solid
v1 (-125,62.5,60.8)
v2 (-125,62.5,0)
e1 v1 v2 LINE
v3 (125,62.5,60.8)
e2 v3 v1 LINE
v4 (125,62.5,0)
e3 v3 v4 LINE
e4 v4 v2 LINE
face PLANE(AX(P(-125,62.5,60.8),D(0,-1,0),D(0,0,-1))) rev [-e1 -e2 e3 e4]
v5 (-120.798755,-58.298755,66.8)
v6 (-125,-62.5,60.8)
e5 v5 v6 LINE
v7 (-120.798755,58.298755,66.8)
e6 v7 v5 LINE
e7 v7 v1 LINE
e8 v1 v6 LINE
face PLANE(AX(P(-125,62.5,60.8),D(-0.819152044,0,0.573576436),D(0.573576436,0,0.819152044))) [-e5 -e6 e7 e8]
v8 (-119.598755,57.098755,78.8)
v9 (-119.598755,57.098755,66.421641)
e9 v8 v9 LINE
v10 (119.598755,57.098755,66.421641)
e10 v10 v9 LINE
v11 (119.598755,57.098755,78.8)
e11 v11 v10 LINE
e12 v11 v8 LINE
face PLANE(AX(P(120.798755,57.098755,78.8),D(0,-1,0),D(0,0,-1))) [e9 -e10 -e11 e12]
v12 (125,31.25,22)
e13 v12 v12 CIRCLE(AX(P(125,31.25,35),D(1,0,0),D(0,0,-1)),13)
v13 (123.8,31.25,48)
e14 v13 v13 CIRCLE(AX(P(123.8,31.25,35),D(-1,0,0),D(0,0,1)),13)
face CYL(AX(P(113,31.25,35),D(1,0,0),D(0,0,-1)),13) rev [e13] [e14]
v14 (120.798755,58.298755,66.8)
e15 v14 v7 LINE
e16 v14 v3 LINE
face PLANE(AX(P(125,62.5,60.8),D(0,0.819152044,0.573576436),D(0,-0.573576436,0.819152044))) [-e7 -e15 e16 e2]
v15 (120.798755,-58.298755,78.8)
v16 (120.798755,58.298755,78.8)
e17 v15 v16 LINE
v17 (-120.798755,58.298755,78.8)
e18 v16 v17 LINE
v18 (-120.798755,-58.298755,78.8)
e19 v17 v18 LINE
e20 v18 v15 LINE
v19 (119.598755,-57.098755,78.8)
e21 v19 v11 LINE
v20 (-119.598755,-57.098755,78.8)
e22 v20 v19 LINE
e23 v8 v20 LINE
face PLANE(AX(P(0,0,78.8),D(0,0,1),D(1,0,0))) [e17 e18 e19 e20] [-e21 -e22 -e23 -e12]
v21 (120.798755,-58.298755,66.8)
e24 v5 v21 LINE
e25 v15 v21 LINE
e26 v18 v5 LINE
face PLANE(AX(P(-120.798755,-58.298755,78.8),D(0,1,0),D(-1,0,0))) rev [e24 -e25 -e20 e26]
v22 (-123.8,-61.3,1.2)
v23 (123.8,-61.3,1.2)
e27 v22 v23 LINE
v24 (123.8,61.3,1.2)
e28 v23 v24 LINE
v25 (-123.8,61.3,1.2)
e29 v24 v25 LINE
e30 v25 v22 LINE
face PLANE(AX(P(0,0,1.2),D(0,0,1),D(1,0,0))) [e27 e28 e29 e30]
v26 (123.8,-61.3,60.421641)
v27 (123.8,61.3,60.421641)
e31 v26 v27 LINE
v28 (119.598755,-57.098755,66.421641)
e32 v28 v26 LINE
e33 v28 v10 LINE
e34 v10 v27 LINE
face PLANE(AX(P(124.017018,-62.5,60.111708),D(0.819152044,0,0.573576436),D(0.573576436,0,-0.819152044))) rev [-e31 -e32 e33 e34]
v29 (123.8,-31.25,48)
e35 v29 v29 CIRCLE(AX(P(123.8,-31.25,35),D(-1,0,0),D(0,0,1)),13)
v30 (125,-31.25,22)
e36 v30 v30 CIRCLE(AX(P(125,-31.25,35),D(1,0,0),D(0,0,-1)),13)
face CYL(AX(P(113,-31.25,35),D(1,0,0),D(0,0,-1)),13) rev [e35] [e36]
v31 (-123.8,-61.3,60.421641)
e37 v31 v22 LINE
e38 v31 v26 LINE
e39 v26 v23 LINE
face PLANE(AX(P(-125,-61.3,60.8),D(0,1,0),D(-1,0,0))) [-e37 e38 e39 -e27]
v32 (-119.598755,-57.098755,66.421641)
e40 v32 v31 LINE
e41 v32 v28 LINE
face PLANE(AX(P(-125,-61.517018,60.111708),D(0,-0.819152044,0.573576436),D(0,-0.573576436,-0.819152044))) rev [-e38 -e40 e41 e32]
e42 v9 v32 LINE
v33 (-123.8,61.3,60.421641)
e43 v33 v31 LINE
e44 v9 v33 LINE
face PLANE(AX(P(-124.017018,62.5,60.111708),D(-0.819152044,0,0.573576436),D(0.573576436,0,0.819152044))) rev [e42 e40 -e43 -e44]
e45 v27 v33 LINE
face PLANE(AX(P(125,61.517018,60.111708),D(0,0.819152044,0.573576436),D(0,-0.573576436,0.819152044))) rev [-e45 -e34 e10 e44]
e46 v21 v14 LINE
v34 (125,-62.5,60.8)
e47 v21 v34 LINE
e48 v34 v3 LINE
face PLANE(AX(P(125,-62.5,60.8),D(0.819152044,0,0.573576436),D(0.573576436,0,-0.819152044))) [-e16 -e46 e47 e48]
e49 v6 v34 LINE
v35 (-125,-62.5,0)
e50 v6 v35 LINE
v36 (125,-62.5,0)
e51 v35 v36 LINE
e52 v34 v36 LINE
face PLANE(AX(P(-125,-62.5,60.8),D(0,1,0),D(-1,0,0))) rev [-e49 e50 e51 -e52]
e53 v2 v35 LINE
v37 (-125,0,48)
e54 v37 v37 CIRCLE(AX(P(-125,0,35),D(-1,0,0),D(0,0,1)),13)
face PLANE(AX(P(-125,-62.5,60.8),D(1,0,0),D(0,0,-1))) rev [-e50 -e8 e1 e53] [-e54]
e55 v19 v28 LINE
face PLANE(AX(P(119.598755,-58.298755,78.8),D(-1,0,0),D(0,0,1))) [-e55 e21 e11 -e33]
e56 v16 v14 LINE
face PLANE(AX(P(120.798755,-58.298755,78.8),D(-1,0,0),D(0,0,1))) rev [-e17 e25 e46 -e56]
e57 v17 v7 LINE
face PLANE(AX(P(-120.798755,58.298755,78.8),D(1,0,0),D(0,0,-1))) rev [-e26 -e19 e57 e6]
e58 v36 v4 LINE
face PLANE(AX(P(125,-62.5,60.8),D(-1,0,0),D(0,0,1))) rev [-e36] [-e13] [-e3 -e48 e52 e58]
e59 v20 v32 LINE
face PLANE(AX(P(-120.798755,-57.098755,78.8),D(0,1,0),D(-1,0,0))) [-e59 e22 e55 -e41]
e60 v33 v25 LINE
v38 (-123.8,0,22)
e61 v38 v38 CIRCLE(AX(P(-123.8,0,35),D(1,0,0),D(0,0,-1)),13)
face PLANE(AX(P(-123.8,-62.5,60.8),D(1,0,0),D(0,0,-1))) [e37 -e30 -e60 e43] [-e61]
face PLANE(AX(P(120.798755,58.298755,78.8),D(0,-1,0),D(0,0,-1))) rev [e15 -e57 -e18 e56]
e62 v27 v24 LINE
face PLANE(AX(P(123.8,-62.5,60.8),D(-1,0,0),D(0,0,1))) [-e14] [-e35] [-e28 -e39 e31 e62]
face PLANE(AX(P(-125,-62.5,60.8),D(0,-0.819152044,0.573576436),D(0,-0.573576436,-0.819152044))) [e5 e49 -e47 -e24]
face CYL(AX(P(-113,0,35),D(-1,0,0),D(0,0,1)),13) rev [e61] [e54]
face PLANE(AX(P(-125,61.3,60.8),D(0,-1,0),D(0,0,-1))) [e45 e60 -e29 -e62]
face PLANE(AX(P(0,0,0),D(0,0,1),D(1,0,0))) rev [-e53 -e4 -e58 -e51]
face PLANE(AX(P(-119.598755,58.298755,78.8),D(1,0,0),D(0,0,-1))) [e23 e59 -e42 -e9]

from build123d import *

# Parameters (mm, degrees)
SKETCH_1_W          = 250
SKETCH_1_H          = 125
EXTRUDE_1_DEPTH     = 60.8
SKETCH_4_W          = 250
SKETCH_4_H          = 125
EXTRUDE_2_DEPTH     = 6
EXTRUDE_2_TAPER     = 35
SKETCH_5_W          = 241.597509542
SKETCH_5_H          = 116.597509542
EXTRUDE_3_DEPTH     = 12
SHELL_1_T           = -1.2
SKETCH_9_R          = 13
CUT_EXTRUDE_2_DEPTH = 12
SKETCH_10_R         = 13
CUT_EXTRUDE_3_DEPTH = 12


with BuildPart() as part:
    # 草图1 → 凸台-拉伸1 (new body)
    with BuildSketch(Plane.XY):
        Rectangle(SKETCH_1_W, SKETCH_1_H)
    extrude(amount=EXTRUDE_1_DEPTH)

    # 草图4 → 凸台-拉伸2 (add)
    with BuildSketch(Plane.XY.offset(60.8)):
        Rectangle(SKETCH_4_W, SKETCH_4_H)
    extrude(amount=EXTRUDE_2_DEPTH, taper=EXTRUDE_2_TAPER)

    # 草图5 → 凸台-拉伸3 (add)
    with BuildSketch(Plane.XY.offset(66.8)):
        Rectangle(SKETCH_5_W, SKETCH_5_H)
    extrude(amount=EXTRUDE_3_DEPTH)

    # 抽壳1
    shell_1_openings = [part.faces().sort_by_distance(p)[0] for p in [
        (0, 0, 78.8),
    ]]
    offset(amount=SHELL_1_T, openings=shell_1_openings, kind=Kind.INTERSECTION)

    # 草图9 → 切除-拉伸2 (cut)
    with BuildSketch(Plane.ZY.offset(125)):
        with Locations((35, 0)):
            Circle(SKETCH_9_R)
    extrude(amount=-CUT_EXTRUDE_2_DEPTH, mode=Mode.SUBTRACT)

    # 草图10 → 切除-拉伸3 (cut)
    with BuildSketch(Plane(origin=(125, 0, 0), x_dir=(0, 0, -1), z_dir=(1, 0, 0))):
        with Locations((-35, 31.25)):
            Circle(SKETCH_10_R)
        with Locations((-35, -31.25)):
            Circle(SKETCH_10_R)
    extrude(amount=-CUT_EXTRUDE_3_DEPTH, mode=Mode.SUBTRACT)


solid = part.part
